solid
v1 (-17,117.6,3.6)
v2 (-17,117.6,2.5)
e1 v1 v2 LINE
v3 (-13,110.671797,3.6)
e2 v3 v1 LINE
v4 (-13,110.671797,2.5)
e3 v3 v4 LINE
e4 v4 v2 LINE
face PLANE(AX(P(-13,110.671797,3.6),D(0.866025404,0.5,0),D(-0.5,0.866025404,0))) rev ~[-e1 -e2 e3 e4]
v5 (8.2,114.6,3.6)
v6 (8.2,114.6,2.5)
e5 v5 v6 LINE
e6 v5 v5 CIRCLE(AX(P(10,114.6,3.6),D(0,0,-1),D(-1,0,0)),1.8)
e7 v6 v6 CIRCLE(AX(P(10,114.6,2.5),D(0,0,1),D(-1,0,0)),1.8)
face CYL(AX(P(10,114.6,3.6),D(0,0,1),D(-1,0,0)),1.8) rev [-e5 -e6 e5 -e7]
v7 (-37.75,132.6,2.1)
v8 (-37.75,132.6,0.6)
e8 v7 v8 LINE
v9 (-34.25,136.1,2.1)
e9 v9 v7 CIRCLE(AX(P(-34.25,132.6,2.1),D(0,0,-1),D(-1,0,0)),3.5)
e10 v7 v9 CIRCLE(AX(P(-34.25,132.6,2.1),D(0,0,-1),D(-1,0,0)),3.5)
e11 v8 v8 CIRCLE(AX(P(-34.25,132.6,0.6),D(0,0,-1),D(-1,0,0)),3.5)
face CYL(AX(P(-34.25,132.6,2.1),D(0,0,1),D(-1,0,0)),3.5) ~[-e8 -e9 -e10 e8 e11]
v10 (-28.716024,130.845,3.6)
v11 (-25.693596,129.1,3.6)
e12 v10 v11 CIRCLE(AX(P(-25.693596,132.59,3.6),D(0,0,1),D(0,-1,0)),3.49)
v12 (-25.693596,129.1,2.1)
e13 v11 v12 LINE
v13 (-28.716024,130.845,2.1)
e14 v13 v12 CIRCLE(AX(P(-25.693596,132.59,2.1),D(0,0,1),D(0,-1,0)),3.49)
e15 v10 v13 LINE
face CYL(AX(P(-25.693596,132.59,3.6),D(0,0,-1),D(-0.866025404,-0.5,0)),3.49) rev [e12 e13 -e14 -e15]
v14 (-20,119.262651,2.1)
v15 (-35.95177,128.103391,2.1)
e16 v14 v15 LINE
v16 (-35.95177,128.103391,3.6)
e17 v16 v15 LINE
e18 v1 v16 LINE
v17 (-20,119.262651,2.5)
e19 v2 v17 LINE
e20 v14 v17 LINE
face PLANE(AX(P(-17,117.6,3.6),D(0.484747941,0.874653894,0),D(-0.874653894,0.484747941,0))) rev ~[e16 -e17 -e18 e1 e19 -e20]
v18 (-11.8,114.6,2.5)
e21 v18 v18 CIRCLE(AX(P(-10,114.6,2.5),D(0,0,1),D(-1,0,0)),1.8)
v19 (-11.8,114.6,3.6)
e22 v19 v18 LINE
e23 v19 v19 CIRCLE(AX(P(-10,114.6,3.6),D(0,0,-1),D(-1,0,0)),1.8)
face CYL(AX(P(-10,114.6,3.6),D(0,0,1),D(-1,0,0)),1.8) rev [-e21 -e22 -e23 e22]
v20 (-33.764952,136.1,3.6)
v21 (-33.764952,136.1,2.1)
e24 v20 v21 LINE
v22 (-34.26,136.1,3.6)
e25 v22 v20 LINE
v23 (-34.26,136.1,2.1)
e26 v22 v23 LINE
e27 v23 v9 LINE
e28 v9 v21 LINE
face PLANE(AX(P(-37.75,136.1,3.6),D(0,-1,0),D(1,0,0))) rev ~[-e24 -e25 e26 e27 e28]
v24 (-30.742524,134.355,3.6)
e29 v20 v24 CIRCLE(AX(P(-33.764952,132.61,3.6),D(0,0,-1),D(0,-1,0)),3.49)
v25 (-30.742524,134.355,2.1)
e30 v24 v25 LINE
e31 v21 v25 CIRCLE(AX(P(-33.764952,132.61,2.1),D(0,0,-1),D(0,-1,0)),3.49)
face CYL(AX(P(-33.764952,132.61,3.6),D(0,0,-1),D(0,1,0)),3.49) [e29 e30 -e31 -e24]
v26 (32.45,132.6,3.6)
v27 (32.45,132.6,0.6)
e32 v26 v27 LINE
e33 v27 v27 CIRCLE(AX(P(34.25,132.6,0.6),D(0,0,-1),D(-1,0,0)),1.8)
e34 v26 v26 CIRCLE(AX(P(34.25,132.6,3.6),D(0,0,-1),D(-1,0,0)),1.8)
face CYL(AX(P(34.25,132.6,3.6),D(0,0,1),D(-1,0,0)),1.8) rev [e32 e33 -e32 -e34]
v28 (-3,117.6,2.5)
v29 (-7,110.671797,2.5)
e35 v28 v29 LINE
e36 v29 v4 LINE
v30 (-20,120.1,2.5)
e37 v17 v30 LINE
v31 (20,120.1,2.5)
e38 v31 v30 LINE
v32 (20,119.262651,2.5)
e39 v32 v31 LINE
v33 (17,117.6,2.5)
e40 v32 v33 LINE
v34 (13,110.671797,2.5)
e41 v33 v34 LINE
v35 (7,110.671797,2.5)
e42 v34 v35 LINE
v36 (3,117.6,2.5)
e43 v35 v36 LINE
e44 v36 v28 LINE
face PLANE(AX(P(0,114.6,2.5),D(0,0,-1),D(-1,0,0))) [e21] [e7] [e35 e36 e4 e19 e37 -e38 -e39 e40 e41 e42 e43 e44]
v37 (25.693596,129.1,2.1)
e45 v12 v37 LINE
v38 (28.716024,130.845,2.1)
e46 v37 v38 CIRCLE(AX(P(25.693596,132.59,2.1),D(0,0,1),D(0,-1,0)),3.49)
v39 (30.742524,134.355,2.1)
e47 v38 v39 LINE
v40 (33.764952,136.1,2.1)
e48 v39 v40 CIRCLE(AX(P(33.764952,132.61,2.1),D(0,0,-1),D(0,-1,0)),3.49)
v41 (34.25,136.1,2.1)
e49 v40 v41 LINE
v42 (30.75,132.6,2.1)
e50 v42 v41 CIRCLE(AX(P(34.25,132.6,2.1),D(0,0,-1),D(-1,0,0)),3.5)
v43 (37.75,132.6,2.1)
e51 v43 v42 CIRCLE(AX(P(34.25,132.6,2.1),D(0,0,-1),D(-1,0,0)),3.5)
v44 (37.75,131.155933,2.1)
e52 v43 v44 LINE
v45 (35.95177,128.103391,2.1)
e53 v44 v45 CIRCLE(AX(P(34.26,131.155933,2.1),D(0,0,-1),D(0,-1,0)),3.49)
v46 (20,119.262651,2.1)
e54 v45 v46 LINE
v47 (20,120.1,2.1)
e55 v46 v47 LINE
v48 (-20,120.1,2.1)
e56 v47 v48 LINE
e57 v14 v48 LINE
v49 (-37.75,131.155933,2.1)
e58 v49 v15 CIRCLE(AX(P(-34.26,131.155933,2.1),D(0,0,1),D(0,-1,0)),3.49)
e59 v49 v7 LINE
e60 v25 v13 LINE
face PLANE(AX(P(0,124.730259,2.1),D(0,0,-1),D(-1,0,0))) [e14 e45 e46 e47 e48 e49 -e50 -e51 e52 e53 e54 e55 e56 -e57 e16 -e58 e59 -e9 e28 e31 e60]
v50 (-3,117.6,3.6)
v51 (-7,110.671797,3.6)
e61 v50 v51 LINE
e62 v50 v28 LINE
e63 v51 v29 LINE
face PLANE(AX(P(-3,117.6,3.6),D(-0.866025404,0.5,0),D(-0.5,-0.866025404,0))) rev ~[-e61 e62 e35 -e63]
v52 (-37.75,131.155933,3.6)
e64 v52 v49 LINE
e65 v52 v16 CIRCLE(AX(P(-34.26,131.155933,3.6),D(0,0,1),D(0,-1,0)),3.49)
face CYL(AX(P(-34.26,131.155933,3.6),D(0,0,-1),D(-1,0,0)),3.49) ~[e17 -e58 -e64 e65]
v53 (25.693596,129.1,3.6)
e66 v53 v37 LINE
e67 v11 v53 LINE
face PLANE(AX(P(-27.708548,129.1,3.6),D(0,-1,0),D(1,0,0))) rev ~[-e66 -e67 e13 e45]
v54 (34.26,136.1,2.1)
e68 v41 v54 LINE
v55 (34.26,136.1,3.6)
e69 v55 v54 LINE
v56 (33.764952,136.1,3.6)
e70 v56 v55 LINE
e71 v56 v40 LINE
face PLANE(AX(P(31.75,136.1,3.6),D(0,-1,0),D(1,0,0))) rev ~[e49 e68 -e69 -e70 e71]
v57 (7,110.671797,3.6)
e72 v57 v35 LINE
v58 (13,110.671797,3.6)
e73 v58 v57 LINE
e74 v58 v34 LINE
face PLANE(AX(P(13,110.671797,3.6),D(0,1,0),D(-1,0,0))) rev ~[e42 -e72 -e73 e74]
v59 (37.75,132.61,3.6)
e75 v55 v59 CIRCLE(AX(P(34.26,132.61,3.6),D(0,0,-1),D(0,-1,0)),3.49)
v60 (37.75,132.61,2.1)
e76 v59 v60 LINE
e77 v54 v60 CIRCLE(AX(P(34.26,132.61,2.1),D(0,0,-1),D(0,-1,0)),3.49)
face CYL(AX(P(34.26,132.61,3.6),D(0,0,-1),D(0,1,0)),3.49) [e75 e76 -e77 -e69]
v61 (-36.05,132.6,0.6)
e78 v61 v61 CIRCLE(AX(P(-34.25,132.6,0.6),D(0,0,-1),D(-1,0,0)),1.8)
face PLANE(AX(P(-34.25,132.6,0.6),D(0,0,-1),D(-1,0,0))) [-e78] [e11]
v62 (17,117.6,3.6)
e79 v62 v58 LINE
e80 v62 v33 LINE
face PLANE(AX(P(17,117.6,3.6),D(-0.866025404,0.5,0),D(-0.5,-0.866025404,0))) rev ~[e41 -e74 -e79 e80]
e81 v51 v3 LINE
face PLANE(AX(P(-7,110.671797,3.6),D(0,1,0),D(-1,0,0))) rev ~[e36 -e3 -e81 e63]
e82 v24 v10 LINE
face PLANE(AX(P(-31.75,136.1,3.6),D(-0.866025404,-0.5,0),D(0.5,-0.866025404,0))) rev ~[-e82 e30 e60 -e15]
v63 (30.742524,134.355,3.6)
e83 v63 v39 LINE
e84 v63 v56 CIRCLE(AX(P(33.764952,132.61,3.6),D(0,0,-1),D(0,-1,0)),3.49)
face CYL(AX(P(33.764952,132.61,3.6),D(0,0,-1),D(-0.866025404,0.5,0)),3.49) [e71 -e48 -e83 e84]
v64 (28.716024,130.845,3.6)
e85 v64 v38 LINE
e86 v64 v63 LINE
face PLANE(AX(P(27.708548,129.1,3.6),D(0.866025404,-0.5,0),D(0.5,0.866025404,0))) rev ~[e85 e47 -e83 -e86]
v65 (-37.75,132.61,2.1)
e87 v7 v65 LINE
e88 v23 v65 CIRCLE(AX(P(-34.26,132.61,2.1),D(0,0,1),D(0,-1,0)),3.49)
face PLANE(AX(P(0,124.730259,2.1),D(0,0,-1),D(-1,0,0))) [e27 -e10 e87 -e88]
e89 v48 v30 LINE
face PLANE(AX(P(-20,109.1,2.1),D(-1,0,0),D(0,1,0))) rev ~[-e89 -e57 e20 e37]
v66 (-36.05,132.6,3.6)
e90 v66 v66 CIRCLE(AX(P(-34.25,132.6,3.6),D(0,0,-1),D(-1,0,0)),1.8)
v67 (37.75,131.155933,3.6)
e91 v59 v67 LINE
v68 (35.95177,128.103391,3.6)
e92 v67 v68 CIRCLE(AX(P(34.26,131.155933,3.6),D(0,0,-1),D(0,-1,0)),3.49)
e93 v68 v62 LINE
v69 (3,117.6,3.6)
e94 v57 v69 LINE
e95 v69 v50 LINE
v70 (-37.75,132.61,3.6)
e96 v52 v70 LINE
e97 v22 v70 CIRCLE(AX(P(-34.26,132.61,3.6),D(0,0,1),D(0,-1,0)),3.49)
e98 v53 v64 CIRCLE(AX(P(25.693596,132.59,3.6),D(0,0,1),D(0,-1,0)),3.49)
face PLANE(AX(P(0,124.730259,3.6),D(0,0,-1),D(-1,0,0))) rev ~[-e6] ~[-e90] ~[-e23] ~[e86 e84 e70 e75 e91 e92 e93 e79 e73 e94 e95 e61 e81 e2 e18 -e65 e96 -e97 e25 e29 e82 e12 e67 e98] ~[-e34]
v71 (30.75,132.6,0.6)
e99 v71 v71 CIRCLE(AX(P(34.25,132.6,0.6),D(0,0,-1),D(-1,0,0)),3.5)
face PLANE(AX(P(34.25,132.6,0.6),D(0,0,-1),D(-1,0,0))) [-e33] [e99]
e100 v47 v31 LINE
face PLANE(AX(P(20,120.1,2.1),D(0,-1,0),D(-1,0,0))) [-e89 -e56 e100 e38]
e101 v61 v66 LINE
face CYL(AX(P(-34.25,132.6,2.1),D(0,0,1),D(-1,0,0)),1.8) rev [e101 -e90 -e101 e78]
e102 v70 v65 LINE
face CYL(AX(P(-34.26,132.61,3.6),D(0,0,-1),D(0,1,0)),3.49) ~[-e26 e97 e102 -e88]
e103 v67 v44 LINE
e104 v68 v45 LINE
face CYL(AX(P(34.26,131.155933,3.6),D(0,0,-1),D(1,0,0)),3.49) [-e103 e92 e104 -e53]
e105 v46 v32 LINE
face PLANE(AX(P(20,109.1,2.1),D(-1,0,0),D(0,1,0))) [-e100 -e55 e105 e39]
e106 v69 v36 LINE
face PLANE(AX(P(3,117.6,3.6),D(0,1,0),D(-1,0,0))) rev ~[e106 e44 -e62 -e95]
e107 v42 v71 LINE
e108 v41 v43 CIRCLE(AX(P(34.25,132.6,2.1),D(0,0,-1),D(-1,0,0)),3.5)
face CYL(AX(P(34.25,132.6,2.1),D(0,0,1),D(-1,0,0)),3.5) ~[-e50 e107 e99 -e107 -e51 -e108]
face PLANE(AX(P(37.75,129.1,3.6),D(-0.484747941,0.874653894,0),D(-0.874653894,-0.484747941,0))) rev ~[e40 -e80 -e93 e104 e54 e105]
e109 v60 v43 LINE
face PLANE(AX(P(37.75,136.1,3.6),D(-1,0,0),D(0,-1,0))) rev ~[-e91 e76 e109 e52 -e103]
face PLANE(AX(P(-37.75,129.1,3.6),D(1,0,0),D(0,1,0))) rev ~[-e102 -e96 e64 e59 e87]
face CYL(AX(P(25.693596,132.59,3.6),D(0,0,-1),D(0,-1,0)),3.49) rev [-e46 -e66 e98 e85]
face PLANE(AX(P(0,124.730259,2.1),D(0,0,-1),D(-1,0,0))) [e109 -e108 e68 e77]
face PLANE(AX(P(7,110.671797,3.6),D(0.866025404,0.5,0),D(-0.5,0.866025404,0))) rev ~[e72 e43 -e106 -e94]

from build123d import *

# Parameters (mm, degrees)
COPYSKETCH005_R         = 1.8
PAD001_DEPTH            = 1.5
SKETCH005_R             = 3.5
SKETCH005_R_2           = 1.8
PAD002_DEPTH            = 1.5
FILLET_R                = 3.49
SKETCH010_W             = 40
SKETCH010_H             = 11
POCKET005_DEPTH         = 0.4
BODY001_PLACEMENT_ANGLE = 180


with BuildPart() as part:
    # CopySketch005 → Pad001 (new body)
    with BuildSketch(Plane.XY):
        Polygon((-13, -3.9282032303), (-7, -3.9282032303), (-3, 3), (3, 3), (7, -3.9282032303), (13, -3.9282032303), (17, 3), (37.75, 14.5), (37.75, 21.5), (31.75, 21.5), (27.7085481157, 14.5), (-27.7085481157, 14.5), (-31.75, 21.5), (-37.75, 21.5), (-37.75, 14.5), (-17, 3), align=None)
        with Locations((-10, 0)):
            Circle(COPYSKETCH005_R, mode=Mode.SUBTRACT)
        with Locations((10, 0)):
            Circle(COPYSKETCH005_R, mode=Mode.SUBTRACT)
        with Locations((34.25, 18)):
            Circle(COPYSKETCH005_R, mode=Mode.SUBTRACT)
        with Locations((-34.25, 18)):
            Circle(COPYSKETCH005_R, mode=Mode.SUBTRACT)
    extrude(amount=PAD001_DEPTH)

    # Sketch005 (on Face22 of Pad001) → Pad002 (join)
    with BuildSketch(Plane.XY.offset(1.5)):
        with Locations((34.25, 18)):
            Circle(SKETCH005_R)
        with Locations((34.25, 18)):
            Circle(SKETCH005_R_2, mode=Mode.SUBTRACT)
        with Locations((-34.25, 18)):
            Circle(SKETCH005_R)
        with Locations((-34.25, 18)):
            Circle(SKETCH005_R_2, mode=Mode.SUBTRACT)
    extrude(amount=PAD002_DEPTH)

    # Fillet
    fillet_edges = [part.edges().sort_by_distance(p)[0] for p in [
        (-31.75, 21.5, 0.75),
        (-37.75, 21.5, 0.75),
        (-27.708548, 14.5, 0.75),
        (27.708548, 14.5, 0.75),
        (31.75, 21.5, 0.75),
        (37.75, 21.5, 0.75),
        (37.75, 14.5, 0.75),
        (-37.75, 14.5, 0.75),
    ]]
    fillet(fillet_edges, radius=FILLET_R)

    # Sketch010 (on Face30 of Fillet) → Pocket005 (cut)
    with BuildSketch(Plane.XY.offset(1.5)):
        Rectangle(SKETCH010_W, SKETCH010_H)
    extrude(amount=-POCKET005_DEPTH, mode=Mode.SUBTRACT)


with BuildPart() as part_1:
    # Body001 placement: moved
    add(part.part.moved(Location((0, 114.6, 3.6))).rotate(Axis((0, 114.6, 3.6), (0, 1, 0)), BODY001_PLACEMENT_ANGLE))


solid = part_1.part
